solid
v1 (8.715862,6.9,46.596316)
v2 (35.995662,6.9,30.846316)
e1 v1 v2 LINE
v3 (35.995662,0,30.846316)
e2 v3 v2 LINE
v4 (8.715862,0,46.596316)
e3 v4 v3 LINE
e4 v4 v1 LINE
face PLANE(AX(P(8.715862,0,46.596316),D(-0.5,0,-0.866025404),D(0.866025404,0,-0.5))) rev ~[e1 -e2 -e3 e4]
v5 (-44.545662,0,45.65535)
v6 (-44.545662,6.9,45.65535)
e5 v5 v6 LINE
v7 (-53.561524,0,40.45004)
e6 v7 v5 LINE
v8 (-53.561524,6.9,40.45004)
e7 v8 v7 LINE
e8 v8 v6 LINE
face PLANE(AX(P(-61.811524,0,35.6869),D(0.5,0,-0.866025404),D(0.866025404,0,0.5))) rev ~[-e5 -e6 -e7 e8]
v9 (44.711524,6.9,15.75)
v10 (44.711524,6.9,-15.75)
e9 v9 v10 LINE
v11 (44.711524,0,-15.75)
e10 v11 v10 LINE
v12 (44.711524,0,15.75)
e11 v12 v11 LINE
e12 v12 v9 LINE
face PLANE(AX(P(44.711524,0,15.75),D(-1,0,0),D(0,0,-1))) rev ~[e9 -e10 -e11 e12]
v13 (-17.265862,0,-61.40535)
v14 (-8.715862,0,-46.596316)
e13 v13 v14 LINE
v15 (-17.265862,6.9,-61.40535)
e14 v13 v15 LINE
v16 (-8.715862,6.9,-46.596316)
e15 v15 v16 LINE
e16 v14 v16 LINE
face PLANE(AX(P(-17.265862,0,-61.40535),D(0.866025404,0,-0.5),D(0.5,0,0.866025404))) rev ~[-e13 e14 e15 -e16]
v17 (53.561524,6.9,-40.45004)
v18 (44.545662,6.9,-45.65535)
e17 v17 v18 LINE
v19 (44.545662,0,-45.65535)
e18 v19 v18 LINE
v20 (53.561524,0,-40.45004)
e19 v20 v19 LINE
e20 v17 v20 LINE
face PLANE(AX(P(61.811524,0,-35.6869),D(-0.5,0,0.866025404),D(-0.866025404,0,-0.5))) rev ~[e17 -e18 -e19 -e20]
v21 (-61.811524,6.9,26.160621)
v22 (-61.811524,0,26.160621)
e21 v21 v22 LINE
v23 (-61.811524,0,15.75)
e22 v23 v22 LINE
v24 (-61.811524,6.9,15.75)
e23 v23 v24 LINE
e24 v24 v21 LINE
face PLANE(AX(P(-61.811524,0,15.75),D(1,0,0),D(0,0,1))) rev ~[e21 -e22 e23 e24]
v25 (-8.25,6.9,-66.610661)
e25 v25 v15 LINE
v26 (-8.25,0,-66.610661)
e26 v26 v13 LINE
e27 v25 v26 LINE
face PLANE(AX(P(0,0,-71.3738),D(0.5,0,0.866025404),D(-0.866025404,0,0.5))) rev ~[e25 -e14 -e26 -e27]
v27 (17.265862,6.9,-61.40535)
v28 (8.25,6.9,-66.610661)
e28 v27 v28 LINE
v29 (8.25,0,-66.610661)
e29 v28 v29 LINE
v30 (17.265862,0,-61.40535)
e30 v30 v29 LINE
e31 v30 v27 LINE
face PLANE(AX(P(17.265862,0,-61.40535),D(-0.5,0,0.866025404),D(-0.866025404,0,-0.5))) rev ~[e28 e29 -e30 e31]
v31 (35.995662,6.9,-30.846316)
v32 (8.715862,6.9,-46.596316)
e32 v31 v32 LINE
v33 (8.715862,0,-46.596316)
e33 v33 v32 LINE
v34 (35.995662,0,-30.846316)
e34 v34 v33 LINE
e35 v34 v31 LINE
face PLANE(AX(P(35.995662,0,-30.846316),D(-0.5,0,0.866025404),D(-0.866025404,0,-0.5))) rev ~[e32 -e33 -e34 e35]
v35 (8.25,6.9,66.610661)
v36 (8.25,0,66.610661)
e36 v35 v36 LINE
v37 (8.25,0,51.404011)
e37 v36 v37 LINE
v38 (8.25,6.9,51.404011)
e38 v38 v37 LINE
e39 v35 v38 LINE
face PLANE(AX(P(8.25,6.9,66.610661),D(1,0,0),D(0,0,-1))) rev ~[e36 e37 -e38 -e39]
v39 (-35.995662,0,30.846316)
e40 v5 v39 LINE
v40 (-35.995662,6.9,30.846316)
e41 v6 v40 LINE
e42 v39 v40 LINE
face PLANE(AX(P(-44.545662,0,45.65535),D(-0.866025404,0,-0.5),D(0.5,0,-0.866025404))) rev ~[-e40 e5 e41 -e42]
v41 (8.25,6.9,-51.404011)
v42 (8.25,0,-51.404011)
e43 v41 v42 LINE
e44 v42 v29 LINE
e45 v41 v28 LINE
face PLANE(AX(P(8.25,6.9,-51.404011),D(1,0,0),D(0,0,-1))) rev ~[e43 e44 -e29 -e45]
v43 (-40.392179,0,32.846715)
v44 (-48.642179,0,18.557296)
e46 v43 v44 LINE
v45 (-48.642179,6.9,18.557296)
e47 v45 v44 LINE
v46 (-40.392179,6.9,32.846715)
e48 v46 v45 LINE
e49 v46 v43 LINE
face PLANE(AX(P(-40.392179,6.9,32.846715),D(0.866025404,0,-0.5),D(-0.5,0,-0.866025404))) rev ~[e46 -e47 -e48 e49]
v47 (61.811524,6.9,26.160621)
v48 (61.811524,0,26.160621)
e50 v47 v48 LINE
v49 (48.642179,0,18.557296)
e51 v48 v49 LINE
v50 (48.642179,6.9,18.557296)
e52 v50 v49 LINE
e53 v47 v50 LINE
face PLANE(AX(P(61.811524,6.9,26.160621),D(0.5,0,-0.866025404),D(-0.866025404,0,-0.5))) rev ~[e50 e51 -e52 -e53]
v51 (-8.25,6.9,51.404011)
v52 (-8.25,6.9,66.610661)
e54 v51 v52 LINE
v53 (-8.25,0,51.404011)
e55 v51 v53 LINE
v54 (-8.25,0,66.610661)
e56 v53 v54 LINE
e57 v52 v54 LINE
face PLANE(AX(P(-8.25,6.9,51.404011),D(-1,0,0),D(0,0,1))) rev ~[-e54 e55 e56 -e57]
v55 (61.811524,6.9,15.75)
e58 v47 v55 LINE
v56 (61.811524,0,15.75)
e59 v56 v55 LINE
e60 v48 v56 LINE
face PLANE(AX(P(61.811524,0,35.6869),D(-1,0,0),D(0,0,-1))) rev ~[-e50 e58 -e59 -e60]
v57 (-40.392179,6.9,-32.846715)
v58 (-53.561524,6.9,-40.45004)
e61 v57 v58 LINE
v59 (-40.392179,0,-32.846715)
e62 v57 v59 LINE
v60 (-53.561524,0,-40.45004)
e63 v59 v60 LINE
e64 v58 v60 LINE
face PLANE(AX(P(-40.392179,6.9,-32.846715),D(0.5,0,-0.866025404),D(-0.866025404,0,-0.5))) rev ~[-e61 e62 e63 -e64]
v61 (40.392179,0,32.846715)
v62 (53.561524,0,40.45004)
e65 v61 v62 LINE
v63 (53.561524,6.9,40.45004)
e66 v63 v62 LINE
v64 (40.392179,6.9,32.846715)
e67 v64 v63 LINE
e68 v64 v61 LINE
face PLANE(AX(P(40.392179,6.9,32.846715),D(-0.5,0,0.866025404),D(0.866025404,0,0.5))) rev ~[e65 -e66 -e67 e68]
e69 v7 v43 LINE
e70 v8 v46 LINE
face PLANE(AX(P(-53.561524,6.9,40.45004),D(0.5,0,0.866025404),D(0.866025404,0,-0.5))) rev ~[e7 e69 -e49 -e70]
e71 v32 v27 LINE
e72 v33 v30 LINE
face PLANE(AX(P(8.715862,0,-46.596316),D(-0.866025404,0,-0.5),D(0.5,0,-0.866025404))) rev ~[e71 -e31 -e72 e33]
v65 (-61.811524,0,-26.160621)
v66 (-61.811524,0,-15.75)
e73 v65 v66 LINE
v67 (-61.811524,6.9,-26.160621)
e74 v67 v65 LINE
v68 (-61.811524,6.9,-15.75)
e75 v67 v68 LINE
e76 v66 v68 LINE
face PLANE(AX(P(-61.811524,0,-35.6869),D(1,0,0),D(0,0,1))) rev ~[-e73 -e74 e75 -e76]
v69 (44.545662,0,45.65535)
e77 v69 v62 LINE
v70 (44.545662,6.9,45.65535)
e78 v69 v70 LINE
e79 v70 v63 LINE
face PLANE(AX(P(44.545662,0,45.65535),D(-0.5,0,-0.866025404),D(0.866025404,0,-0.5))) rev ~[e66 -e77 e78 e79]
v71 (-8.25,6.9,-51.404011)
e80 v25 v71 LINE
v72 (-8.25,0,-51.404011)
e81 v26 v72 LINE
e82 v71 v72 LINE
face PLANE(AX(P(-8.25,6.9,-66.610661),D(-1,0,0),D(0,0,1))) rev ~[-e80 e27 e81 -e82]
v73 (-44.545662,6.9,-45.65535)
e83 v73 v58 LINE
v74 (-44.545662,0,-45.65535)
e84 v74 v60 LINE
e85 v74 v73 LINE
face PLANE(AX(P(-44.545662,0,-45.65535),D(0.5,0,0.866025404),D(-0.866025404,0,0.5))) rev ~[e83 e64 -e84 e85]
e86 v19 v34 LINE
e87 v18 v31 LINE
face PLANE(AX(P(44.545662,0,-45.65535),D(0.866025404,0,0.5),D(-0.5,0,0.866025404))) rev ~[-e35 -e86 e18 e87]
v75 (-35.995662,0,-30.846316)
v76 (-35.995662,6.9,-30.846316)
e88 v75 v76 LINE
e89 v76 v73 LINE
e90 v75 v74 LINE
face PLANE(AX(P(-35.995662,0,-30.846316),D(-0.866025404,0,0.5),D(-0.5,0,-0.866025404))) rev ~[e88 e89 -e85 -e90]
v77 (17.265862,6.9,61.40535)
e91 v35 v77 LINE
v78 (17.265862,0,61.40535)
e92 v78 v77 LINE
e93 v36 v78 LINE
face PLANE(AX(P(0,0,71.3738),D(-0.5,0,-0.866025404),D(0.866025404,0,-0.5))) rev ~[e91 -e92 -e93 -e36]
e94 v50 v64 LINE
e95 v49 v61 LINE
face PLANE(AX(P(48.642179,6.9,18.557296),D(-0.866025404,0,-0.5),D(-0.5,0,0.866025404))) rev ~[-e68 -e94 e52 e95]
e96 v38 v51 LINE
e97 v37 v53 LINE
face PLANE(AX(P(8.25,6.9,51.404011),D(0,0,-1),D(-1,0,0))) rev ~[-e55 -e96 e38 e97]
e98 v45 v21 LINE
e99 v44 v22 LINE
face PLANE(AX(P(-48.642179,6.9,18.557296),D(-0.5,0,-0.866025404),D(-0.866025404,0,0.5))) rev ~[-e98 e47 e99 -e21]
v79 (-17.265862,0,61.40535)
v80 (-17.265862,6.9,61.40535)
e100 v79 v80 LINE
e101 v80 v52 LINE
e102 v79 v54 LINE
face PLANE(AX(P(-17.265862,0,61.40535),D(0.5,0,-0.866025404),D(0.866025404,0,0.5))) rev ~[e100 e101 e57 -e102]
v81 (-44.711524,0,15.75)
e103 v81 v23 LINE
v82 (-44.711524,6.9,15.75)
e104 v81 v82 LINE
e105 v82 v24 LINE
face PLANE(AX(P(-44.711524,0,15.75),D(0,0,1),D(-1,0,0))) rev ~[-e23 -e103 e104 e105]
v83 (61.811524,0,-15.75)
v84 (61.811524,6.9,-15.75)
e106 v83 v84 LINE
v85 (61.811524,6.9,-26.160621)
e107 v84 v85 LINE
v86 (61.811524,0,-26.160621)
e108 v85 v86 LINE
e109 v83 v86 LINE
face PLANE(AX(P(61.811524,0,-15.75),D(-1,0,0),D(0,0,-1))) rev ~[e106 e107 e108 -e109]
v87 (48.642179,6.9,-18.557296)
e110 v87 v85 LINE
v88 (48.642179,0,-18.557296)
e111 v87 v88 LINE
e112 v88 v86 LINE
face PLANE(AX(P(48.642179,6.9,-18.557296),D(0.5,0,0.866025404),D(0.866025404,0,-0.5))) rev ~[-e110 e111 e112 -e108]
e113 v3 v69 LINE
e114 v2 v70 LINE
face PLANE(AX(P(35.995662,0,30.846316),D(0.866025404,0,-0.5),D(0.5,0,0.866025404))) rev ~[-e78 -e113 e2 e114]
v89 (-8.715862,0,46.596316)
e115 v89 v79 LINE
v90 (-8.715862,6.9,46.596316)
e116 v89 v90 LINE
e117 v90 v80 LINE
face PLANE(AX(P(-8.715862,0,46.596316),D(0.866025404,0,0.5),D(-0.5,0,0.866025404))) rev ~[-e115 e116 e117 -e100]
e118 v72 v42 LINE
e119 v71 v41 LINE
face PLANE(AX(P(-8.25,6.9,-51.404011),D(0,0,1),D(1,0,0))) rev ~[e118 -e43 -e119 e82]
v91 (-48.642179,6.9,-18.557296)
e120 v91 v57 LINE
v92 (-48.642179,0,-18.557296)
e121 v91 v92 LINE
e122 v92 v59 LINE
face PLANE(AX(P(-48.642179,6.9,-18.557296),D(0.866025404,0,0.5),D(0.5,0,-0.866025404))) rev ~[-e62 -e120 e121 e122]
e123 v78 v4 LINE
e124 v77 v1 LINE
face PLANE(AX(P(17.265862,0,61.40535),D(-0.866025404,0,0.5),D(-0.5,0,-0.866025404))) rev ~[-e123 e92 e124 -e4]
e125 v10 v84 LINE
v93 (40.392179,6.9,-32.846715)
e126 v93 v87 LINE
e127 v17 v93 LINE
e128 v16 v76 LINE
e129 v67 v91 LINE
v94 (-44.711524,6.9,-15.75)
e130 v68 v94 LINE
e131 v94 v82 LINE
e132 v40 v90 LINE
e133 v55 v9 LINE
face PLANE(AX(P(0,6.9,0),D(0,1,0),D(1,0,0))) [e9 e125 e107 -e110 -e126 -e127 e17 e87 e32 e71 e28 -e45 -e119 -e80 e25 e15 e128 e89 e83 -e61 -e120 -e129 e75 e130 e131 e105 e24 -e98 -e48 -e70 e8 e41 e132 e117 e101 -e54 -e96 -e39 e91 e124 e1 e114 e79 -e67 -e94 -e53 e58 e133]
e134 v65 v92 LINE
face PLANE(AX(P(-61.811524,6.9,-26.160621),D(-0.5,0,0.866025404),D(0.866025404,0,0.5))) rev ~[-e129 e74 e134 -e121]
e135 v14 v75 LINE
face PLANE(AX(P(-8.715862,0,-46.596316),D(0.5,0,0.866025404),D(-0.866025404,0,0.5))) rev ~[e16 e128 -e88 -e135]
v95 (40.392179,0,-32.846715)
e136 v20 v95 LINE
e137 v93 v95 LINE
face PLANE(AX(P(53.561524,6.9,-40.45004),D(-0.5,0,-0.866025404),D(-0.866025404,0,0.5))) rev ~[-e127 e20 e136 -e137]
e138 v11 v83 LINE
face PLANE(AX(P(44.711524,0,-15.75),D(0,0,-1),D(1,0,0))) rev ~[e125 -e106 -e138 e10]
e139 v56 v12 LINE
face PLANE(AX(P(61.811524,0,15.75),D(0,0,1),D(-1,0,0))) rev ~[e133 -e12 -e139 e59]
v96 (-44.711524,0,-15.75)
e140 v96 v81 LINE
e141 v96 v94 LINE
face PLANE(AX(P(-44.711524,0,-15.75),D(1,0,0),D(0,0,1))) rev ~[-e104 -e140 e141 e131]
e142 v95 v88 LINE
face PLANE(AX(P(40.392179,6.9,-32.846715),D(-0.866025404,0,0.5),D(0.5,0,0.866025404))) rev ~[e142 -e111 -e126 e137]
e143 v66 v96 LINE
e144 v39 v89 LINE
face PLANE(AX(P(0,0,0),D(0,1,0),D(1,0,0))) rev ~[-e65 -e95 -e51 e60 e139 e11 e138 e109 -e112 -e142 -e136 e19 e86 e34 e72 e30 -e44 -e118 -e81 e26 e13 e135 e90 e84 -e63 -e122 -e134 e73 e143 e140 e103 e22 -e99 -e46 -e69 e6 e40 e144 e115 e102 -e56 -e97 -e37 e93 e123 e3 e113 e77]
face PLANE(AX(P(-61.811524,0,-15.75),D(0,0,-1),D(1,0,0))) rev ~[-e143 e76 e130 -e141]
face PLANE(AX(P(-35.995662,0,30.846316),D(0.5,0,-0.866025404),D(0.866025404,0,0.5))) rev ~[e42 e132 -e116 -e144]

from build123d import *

# Parameters (mm, degrees)
BOSS_EXTRUDE3_DEPTH = 6.9
CUT_EXTRUDE1_DEPTH  = 10


with BuildPart() as part:
    # Sketch10 → Boss-Extrude3 (new body)
    with BuildSketch(Plane(origin=(0, 0, 0), x_dir=(1, 0, 0), z_dir=(0, 1, 0))):
        Polygon((-44.545662223, 45.655350227), (-61.811524227, 35.686900152), (-61.811524227, 15.75), (-44.711524227, 15.75), (-44.711524227, -15.75), (-61.811524227, -15.75), (-61.811524227, -35.686900152), (-44.545662223, -45.655350227), (-35.995662223, -30.846315823), (-8.715862004, -46.596315823), (-17.265862004, -61.405350227), (0, -71.373800303), (17.265862004, -61.405350227), (8.715862004, -46.596315823), (35.995662223, -30.846315823), (44.545662223, -45.655350227), (61.811524227, -35.686900152), (61.811524227, -15.75), (44.711524227, -15.75), (44.711524227, 15.75), (61.811524227, 15.75), (61.811524227, 35.686900152), (44.545662223, 45.655350227), (35.995662223, 30.846315823), (8.715862004, 46.596315823), (17.265862004, 61.405350227), (0, 71.373800303), (-17.265862004, 61.405350227), (-8.715862004, 46.596315823), (-35.995662223, 30.846315823), align=None)
    extrude(amount=BOSS_EXTRUDE3_DEPTH)

    # Sketch11 → Cut-Extrude1 (cut)
    with BuildSketch(Plane(origin=(0, 6.9, 0), x_dir=(1, 0, 0), z_dir=(0, 1, 0))):
        Polygon((-40.392179181, 32.846714965), (-53.561524227, 40.450039872), (-61.811524227, 35.686900152), (-61.811524227, 26.16062071), (-48.642179181, 18.557295803), align=None)
        Polygon((0, 71.373800303), (-8.25, 66.610660582), (-8.25, 51.404010768), (8.25, 51.404010768), (8.25, 66.610660582), align=None)
        Polygon((61.811524227, 35.686900152), (53.561524227, 40.450039872), (40.392179181, 32.846714965), (48.642179181, 18.557295803), (61.811524227, 26.16062071), align=None)
        Polygon((61.811524227, -35.686900152), (61.811524227, -26.16062071), (48.642179181, -18.557295803), (40.392179181, -32.846714965), (53.561524227, -40.450039872), align=None)
        Polygon((-8.25, -51.404010768), (-8.25, -66.610660582), (0, -71.373800303), (8.25, -66.610660582), (8.25, -51.404010768), align=None)
        Polygon((-48.642179181, -18.557295803), (-61.811524227, -26.16062071), (-61.811524227, -35.686900152), (-53.561524227, -40.450039872), (-40.392179181, -32.846714965), align=None)
    extrude(amount=-CUT_EXTRUDE1_DEPTH, mode=Mode.SUBTRACT)


solid = part.part
